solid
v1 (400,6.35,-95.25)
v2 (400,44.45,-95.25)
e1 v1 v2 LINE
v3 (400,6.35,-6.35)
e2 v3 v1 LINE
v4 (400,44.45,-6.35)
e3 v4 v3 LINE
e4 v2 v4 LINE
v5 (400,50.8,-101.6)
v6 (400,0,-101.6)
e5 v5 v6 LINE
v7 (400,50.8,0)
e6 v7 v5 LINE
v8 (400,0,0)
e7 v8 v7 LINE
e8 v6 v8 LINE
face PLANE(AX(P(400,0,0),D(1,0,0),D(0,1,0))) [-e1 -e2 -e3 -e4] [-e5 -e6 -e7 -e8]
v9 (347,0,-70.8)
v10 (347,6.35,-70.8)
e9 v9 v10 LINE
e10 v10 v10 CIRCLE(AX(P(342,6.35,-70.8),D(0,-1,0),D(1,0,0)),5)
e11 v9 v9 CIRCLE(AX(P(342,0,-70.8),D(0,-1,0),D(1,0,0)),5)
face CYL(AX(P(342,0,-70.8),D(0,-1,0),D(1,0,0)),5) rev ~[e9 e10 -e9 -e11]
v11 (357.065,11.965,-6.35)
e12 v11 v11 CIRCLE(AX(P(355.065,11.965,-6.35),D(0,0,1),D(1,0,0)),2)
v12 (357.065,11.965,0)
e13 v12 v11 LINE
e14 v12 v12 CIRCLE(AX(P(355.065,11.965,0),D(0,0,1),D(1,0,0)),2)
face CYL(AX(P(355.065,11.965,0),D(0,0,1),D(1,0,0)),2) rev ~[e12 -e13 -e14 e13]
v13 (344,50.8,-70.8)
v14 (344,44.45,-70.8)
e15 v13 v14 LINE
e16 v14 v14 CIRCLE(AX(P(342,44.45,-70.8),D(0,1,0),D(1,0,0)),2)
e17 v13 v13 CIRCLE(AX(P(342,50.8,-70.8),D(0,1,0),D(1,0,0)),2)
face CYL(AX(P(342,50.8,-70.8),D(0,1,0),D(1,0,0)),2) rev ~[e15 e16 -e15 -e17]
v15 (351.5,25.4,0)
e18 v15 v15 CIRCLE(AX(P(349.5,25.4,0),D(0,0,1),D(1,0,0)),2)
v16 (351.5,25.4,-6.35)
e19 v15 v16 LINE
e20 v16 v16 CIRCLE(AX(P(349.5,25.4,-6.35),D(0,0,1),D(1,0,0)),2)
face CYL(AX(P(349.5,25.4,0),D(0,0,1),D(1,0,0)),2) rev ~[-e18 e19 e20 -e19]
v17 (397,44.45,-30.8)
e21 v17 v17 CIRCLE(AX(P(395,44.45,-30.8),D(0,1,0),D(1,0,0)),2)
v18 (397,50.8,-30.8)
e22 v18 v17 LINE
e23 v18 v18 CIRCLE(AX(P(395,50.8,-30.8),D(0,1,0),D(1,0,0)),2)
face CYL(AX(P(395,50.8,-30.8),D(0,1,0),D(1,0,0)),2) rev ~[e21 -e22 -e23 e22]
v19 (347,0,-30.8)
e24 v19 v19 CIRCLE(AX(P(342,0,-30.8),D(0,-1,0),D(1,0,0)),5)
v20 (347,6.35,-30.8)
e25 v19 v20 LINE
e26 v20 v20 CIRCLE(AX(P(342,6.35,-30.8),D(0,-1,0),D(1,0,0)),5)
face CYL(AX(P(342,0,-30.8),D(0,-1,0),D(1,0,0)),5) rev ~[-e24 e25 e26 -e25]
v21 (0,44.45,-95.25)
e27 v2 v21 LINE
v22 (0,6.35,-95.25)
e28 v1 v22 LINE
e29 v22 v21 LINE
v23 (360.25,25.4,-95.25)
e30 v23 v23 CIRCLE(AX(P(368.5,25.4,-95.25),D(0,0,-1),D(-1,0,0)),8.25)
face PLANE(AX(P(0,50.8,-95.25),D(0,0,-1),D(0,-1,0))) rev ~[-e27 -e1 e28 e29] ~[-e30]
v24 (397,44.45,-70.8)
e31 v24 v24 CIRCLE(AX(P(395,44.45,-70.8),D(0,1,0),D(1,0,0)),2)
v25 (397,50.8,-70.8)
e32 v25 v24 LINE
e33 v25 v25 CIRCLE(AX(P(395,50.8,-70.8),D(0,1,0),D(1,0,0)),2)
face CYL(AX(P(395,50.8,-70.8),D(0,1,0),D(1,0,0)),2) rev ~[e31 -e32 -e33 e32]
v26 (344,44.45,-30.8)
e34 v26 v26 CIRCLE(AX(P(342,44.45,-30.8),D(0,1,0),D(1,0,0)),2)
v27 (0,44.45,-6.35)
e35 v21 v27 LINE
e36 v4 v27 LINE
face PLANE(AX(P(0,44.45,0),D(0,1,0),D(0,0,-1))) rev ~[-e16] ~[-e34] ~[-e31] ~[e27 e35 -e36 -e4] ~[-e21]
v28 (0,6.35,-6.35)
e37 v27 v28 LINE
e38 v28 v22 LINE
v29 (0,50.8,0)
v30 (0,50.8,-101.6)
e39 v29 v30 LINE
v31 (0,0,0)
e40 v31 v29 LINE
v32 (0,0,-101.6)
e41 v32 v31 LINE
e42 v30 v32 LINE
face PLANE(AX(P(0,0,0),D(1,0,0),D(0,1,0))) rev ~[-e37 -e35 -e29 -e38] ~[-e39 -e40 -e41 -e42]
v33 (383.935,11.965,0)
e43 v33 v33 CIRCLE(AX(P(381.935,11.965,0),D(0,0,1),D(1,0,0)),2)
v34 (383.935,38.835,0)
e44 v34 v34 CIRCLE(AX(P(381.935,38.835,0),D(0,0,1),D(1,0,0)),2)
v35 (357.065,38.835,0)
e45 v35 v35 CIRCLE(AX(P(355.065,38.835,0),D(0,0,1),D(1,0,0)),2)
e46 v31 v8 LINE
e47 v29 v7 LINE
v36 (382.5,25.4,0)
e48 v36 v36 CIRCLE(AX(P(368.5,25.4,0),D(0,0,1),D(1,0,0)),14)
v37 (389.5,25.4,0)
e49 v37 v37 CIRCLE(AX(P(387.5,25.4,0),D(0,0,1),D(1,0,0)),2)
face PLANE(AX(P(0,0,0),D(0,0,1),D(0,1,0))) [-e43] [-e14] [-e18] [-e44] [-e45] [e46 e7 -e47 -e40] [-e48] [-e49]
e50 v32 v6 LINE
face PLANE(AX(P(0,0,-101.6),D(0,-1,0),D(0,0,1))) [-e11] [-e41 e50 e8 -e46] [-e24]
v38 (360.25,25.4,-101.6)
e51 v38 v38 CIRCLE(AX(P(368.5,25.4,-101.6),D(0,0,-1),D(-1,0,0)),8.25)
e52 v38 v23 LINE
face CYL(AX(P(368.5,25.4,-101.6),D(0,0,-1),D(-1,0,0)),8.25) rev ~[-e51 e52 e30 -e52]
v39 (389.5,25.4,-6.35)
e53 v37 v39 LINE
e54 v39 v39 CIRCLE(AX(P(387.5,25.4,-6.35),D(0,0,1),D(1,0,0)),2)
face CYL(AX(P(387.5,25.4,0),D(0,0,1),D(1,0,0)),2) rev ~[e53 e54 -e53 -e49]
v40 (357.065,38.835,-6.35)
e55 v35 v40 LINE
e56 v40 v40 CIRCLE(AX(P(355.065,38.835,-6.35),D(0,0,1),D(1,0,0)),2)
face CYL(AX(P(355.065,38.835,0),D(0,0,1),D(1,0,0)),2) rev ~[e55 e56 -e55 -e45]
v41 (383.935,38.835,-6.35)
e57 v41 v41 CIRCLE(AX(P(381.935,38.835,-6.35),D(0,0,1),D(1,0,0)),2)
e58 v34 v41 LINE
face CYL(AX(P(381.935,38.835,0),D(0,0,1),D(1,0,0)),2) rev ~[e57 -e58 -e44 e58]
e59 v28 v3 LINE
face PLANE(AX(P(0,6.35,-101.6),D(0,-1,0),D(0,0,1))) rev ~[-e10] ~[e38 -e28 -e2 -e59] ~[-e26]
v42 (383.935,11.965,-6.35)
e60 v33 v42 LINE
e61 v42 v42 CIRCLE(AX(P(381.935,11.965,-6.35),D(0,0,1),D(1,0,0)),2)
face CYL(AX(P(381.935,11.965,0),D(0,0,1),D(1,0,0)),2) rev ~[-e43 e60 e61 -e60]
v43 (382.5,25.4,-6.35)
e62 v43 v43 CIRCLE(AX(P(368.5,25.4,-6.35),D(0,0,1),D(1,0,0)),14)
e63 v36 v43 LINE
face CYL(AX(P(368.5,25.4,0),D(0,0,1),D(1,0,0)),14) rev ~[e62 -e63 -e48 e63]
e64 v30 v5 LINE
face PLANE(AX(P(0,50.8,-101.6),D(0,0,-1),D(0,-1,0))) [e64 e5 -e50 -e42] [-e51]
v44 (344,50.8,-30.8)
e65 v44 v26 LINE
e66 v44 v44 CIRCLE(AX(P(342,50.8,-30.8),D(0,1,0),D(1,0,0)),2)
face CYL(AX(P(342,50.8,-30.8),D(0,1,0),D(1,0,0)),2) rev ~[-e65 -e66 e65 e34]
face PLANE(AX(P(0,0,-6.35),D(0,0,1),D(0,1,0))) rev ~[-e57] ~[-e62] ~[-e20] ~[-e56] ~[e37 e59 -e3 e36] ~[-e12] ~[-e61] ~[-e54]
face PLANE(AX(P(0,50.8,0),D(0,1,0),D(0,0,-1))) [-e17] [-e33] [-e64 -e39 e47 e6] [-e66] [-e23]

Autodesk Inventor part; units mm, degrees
ref_plane "YZ Plane" through (0, 0, 0) normal (1, 0, 0) x (0, 1, 0)
ref_plane "XZ Plane" through (0, 0, 0) normal (0, 1, 0) x (-1, 0, 0)
ref_plane "XY Plane" through (0, 0, 0) normal (0, 0, 1) x (1, 0, 0)
sketch "Sketch1" plane through (0, 0, 0) normal (1, 0, 0) x (0, 1, 0)
  line L0 (0, 0) -> (50.8, 0)
  line L1 (50.8, 0) -> (50.8, -101.6)
  line L2 (50.8, -101.6) -> (0, -101.6)
  line L3 (0, -101.6) -> (0, 0)
  dimension "d0" = 101.6
  dimension "d1" = 50.8
extrude "Extrusion1" add sketch "Sketch1" along normal blind 400
shell "Shell1" thickness 6.35 removed faces 2 at (0, 16.9333, -33.8667) at (400, 16.9333, -33.8667)
sketch "Sketch2" plane through (0, 50.8, 0) normal (0, 1, 0) x (1, 0, 0)
  circle A0 centre (395, 70.8) radius 2
  circle A1 centre (395, 30.8) radius 2
  circle A2 centre (342, 70.8) radius 2
  circle A3 centre (342, 30.8) radius 2
  line L0 (395, 70.8) -> (342, 70.8) construction
  line L1 (342, 70.8) -> (342, 30.8) construction
  line L2 (342, 30.8) -> (395, 30.8) construction
  line L3 (395, 30.8) -> (395, 70.8) construction
  line L4 (400, 101.6) -> (400, 0) projected
  line L5 (337, 101.6) -> (337, 0)
  line L6 (337, 0) -> (400, 0)
  line L7 (400, 101.6) -> (337, 101.6)
  point P0 (368.5, 0)
  point P1 (368.5, 30.8)
  point P2 (395, 50.8)
  point P3 (400, 50.8)
  dimension "d5" = 4
  dimension "d6" = 63
  dimension "d7" = 40
  dimension "d8" = 53
extrude "Extrusion2" cut sketch "Sketch2" against normal up to surface (6.35 mm away) contours A0 | A1 | A2 | A3
sketch "Sketch3" plane through (0, 0, 0) normal (0, 0, 1) x (1, 0, 0)
  line L0 (397, 44.45) -> (393, 44.45) construction
  line L1 (344, 44.45) -> (340, 44.45) construction
  circle A0 centre (368.5, 25.4) radius 19 construction
  line L2 (400, 50.8) -> (400, 0) construction
  line L3 (393, 44.45) -> (368.5, 25.4) construction
  line L4 (368.5, 25.4) -> (344, 44.45) construction
  circle A1 centre (355.065, 11.965) radius 2
  circle A2 centre (381.935, 11.965) radius 2
  circle A3 centre (381.935, 38.835) radius 2
  circle A4 centre (387.5, 25.4) radius 2
  circle A5 centre (355.065, 38.835) radius 2
  circle A6 centre (349.5, 25.4) radius 2
  line L5 (349.5, 25.4) -> (368.5, 25.4) construction
  line L6 (355.065, 11.965) -> (368.5, 25.4) construction
  circle A7 centre (368.5, 25.4) radius 14
  point P0 (0, 0)
  point P1 (400, 25.4)
  point P2 (400, 25.4)
  dimension "d11" = 38
  dimension "d12" = 4
  dimension "d13" = 45
  dimension "d14" = 28
extrude "Extrusion3" cut sketch "Sketch3" against normal up to surface (6.35 mm away)
sketch "Sketch4" plane through (0, 0, -101.6) normal (0, 0, -1) x (-1, 0, 0)
  circle A0 centre (-368.5, 25.4) radius 14 construction
  circle A1 centre (-368.5, 25.4) radius 8.25
  point P0 (0, 0)
  dimension "d17" = 16.5
extrude "Extrusion4" cut sketch "Sketch4" against normal up to surface (6.35 mm away)
sketch "Sketch5" plane through (0, 0, -101.6) normal (0, -1, 0) x (1, 0, 0)
  circle A0 centre (342, 30.8) radius 2 projected
  circle A1 centre (342, 70.8) radius 2 projected
  circle A2 centre (342, 30.8) radius 5
  circle A3 centre (342, 70.8) radius 5
  point P0 (0, 101.6)
  dimension "d20" = 10
extrude "Extrusion5" cut sketch "Sketch5" against normal up to surface (6.35 mm away) contours A0 | A1 | A2 | A3
properties part number "VERTICALTUBE"
